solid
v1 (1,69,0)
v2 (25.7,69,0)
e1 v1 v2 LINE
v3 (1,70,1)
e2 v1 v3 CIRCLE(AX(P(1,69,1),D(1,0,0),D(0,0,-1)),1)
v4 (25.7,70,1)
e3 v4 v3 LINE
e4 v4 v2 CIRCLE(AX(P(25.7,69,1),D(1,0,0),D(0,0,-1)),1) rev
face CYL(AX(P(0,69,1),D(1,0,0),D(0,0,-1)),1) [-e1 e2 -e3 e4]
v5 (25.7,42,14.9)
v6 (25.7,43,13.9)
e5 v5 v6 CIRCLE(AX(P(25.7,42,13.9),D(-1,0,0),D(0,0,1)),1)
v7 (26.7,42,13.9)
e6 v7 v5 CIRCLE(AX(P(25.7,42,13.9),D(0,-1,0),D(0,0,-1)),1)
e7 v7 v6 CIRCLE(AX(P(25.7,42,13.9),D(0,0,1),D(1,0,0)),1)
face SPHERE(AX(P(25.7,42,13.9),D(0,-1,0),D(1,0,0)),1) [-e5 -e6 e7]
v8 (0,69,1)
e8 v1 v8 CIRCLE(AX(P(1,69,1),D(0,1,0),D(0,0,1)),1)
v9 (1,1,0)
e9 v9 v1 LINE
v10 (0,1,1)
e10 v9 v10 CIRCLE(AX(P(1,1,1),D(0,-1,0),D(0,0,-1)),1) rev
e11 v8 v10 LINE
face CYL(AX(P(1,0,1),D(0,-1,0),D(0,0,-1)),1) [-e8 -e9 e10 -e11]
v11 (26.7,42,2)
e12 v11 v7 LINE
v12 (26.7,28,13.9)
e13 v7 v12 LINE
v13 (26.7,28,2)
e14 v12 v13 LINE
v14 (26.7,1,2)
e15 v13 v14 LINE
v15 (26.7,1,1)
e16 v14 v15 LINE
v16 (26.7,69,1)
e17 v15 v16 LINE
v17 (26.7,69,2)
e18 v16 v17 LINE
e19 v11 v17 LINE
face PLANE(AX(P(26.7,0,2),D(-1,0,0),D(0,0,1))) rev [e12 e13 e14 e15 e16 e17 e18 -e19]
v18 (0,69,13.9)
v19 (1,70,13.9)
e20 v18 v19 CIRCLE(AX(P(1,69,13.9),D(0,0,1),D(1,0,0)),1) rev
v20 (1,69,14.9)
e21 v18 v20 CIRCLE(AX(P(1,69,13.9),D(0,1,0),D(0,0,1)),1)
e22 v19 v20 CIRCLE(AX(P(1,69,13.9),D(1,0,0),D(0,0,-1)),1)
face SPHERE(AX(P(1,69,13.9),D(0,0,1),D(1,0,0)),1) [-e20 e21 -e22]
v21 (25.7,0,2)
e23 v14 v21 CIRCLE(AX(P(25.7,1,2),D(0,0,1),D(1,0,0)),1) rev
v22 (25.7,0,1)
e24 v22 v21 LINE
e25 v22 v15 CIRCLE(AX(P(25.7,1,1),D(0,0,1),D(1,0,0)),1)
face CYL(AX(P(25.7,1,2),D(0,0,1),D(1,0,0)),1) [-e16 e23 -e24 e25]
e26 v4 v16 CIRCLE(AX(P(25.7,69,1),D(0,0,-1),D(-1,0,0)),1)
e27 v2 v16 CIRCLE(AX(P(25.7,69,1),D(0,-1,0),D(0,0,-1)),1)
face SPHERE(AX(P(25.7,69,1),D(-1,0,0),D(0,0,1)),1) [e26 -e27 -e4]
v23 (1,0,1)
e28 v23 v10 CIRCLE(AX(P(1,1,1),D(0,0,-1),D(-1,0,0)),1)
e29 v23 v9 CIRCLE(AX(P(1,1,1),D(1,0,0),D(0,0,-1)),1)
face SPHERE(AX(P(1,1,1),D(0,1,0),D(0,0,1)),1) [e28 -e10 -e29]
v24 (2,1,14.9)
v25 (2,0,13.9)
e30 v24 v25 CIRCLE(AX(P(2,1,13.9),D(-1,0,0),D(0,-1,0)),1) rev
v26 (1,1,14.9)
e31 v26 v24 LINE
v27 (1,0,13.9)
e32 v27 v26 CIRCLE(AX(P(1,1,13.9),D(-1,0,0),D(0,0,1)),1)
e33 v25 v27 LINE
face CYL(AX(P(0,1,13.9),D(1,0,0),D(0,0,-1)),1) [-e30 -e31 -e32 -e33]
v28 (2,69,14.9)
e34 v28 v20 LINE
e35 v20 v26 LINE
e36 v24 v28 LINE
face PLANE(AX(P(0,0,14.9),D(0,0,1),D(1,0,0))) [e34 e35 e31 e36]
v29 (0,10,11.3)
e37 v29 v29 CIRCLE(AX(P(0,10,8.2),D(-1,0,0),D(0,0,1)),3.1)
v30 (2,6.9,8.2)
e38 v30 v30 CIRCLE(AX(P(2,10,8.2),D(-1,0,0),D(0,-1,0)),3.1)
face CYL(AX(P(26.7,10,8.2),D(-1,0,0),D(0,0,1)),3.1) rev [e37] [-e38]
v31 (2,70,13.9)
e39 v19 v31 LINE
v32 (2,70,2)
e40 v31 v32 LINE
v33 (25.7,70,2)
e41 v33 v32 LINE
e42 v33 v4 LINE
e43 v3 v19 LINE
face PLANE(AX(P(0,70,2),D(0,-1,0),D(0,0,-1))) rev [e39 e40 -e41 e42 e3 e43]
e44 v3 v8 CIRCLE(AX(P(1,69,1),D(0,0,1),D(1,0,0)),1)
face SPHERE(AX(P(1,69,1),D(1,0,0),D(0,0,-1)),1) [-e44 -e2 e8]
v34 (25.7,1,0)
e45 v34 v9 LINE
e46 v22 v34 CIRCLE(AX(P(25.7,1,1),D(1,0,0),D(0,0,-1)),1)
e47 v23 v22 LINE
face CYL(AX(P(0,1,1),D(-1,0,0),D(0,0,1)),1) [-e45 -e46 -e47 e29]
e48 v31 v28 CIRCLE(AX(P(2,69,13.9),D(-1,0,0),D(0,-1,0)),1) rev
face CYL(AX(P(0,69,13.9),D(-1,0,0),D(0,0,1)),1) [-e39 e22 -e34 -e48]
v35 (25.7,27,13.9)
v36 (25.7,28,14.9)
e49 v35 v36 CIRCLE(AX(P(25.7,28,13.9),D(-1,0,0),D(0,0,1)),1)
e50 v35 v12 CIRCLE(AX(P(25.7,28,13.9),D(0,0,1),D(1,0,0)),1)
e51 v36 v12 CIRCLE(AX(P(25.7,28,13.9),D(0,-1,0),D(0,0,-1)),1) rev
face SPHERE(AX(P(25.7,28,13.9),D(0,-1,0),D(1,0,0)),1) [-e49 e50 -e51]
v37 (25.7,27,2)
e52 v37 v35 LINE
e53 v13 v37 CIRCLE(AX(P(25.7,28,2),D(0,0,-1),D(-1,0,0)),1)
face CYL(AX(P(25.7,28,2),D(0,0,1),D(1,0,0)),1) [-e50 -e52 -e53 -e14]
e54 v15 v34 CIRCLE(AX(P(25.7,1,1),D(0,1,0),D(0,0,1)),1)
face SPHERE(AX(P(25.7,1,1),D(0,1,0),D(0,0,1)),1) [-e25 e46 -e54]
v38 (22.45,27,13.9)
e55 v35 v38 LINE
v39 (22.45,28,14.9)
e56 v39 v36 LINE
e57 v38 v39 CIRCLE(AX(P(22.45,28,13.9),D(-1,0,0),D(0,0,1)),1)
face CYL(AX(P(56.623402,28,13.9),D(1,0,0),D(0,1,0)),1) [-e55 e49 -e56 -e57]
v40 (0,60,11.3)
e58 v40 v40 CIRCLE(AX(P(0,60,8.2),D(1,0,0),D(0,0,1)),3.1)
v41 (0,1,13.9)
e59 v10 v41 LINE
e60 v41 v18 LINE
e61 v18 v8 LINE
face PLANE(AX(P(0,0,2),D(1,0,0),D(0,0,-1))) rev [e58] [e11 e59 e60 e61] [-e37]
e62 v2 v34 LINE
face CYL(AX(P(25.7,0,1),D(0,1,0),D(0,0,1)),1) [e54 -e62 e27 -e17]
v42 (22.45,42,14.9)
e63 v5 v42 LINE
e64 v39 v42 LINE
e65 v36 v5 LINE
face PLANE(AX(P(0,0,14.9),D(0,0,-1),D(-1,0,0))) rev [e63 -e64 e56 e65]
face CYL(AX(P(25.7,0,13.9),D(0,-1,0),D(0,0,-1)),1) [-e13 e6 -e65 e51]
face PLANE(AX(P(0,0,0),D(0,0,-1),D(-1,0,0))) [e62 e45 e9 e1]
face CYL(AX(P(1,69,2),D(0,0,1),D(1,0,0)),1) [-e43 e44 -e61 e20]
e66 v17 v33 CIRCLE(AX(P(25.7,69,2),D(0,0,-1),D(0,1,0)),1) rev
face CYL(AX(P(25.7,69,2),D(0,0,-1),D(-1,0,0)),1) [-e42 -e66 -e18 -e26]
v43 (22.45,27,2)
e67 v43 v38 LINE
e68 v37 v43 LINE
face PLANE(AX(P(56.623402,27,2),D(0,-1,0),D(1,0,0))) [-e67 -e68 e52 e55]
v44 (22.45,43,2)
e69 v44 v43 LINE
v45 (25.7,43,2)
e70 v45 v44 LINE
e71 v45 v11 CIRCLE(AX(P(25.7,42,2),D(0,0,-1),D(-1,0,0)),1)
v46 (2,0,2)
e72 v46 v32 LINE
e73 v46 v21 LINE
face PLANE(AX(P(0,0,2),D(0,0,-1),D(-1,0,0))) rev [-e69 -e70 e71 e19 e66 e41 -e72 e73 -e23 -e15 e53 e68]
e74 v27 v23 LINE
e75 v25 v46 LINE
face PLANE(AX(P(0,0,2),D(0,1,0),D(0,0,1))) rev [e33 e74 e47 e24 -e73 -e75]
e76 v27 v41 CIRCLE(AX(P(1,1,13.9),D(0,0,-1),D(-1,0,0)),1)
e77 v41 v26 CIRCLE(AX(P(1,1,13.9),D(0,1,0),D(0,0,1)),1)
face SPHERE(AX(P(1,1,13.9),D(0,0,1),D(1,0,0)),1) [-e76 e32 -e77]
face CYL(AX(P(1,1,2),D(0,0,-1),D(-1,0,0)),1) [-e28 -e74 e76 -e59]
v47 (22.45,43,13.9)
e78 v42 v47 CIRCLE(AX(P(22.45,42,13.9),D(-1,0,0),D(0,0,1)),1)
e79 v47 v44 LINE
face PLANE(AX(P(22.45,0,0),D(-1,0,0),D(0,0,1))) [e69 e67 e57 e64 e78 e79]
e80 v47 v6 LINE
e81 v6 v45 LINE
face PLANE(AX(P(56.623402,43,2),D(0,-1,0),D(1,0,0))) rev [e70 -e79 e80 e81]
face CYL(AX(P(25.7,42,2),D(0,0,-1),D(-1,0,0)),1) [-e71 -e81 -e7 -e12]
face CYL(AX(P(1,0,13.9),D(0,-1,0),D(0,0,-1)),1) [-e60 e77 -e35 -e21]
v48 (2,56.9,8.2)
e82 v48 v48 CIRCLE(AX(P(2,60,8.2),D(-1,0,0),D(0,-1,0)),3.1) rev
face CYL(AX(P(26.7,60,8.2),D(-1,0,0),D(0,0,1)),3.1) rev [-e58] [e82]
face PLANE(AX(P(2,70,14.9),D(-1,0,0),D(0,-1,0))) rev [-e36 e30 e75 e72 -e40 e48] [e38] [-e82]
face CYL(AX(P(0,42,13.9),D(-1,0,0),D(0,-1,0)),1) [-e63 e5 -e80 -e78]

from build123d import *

# Parameters (mm, degrees)
SKETCH1_W           = 26.7
SKETCH1_H           = 70
BOSS_EXTRUDE1_DEPTH = 2
SKETCH2_W           = 2
SKETCH2_H           = 70
BOSS_EXTRUDE2_DEPTH = 12.9
SKETCH3_R           = 3.1
CUT_EXTRUDE1_DEPTH  = 77.386517135
FILLET1_R           = 1
FILLET2_R           = 1
FILLET3_R           = 1
FILLET6_R           = 1
FILLET7_R           = 1
FILLET8_R           = 1
CUT_EXTRUDE2_REACH  = 77.711
SKETCH5_W           = 12.9
SKETCH5_H           = 27
SKETCH6_W           = 12.9
SKETCH6_H           = 16
BOSS_EXTRUDE3_DEPTH = 2.25
FILLET11_R          = 1
FILLET12_R          = 1


with BuildPart() as part:
    # Sketch1 → Boss-Extrude1 (new body)
    with BuildSketch(Plane.XY):
        with Locations((13.35, 35)):
            Rectangle(SKETCH1_W, SKETCH1_H)
    extrude(amount=BOSS_EXTRUDE1_DEPTH)

    # Sketch2 → Boss-Extrude2 (add)
    with BuildSketch(Plane.XY.offset(2)):
        with Locations((1, 35)):
            Rectangle(SKETCH2_W, SKETCH2_H)
        with Locations((25.7, 35)):
            Rectangle(SKETCH2_W, SKETCH2_H)
    extrude(amount=BOSS_EXTRUDE2_DEPTH)

    # Sketch3 → Cut-Extrude1 (cut, through all)
    with BuildSketch(Plane.ZY):
        with Locations((8.2, 10)):
            Circle(SKETCH3_R)
    cut_extrude1 = extrude(amount=-CUT_EXTRUDE1_DEPTH, mode=Mode.SUBTRACT)

    # Mirror1: Cut-Extrude1 across plane
    add(cut_extrude1.mirror(Plane.ZX.offset(35)), mode=Mode.SUBTRACT)

    # Fillet1
    fillet1_edges = [part.edges().sort_by_distance(p)[0] for p in [
        (13.35, 70, 0),
    ]]
    fillet(fillet1_edges, radius=FILLET1_R)

    # Fillet2
    fillet2_edges = [part.edges().sort_by_distance(p)[0] for p in [
        (0, 34.5, 0),
        (0, 69.707106781, 0.292893219),
        (0, 70, 7.95),
    ]]
    fillet(fillet2_edges, radius=FILLET2_R)

    # Fillet3
    fillet3_edges = [part.edges().sort_by_distance(p)[0] for p in [
        (26.7, 34.5, 0),
        (26.7, 69.707106781, 0.292893219),
        (26.7, 70, 7.95),
    ]]
    fillet(fillet3_edges, radius=FILLET3_R)

    # Fillet6
    fillet6_edges = [part.edges().sort_by_distance(p)[0] for p in [
        (13.35, 0, 0),
        (0.292893219, 0, 0.292893219),
        (26.7, 0, 7.95),
        (0, 0, 7.95),
        (26.407106781, 0, 0.292893219),
    ]]
    fillet(fillet6_edges, radius=FILLET6_R)

    # Fillet7
    fillet7_edges = [part.edges().sort_by_distance(p)[0] for p in [
        (1.5, 70, 14.9),
        (0, 35, 14.9),
        (0.292893219, 69.707106781, 14.9),
        (1.5, 0, 14.9),
        (0.292893219, 0.292893219, 14.9),
    ]]
    fillet(fillet7_edges, radius=FILLET7_R)

    # Fillet8
    fillet8_edges = [part.edges().sort_by_distance(p)[0] for p in [
        (25.2, 0, 14.9),
        (25.2, 70, 14.9),
        (26.407106781, 69.707106781, 14.9),
        (26.7, 35, 14.9),
        (26.407106781, 0.292893219, 14.9),
    ]]
    fillet(fillet8_edges, radius=FILLET8_R)

    # Cut-Extrude2: up to this face of the body (flat: up to its plane)
    cut_extrude2_end = Plane(part.part.faces().sort_by_distance((26.7, 35, 7.394557998))[0])
    # Sketch5 → Cut-Extrude2 (cut, up to the picked face)
    with BuildSketch(Plane.ZY.offset(-24.7), mode=Mode.PRIVATE) as cut_extrude2_sk1:
        with Locations((8.45, 56.5)):
            Rectangle(SKETCH5_W, SKETCH5_H)
    cut_extrude2_tool1 = split(extrude(cut_extrude2_sk1.sketch, amount=-CUT_EXTRUDE2_REACH, mode=Mode.PRIVATE), bisect_by=cut_extrude2_end, keep=Keep.BOTH, mode=Mode.PRIVATE)
    # Sketch5 → Cut-Extrude2 (cut, up to the picked face)
    with BuildSketch(Plane.ZY.offset(-24.7), mode=Mode.PRIVATE) as cut_extrude2_sk2:
        with Locations((8.45, 13.5)):
            Rectangle(SKETCH5_W, SKETCH5_H)
    cut_extrude2_tool2 = split(extrude(cut_extrude2_sk2.sketch, amount=-CUT_EXTRUDE2_REACH, mode=Mode.PRIVATE), bisect_by=cut_extrude2_end, keep=Keep.BOTH, mode=Mode.PRIVATE)
    add(cut_extrude2_tool1.solids().sort_by(Axis((24.7, 56.5, 8.45), (1, 0, 0)))[0], mode=Mode.SUBTRACT)
    add(cut_extrude2_tool2.solids().sort_by(Axis((24.7, 13.5, 8.45), (1, 0, 0)))[0], mode=Mode.SUBTRACT)

    # Sketch6 → Boss-Extrude3 (add)
    with BuildSketch(Plane.ZY.offset(-24.7)):
        with Locations((8.45, 35)):
            Rectangle(SKETCH6_W, SKETCH6_H)
    extrude(amount=BOSS_EXTRUDE3_DEPTH)

    # Fillet11
    fillet11_edges = [part.edges().sort_by_distance(p)[0] for p in [
        (24.075, 27, 14.9),
        (26.407106781, 27, 14.607106781),
        (26.7, 27, 7.95),
    ]]
    fillet(fillet11_edges, radius=FILLET11_R)

    # Fillet12
    fillet12_edges = [part.edges().sort_by_distance(p)[0] for p in [
        (24.075, 43, 14.9),
        (26.407106781, 43, 14.607106781),
        (26.7, 43, 7.95),
    ]]
    fillet(fillet12_edges, radius=FILLET12_R)


solid = part.part
